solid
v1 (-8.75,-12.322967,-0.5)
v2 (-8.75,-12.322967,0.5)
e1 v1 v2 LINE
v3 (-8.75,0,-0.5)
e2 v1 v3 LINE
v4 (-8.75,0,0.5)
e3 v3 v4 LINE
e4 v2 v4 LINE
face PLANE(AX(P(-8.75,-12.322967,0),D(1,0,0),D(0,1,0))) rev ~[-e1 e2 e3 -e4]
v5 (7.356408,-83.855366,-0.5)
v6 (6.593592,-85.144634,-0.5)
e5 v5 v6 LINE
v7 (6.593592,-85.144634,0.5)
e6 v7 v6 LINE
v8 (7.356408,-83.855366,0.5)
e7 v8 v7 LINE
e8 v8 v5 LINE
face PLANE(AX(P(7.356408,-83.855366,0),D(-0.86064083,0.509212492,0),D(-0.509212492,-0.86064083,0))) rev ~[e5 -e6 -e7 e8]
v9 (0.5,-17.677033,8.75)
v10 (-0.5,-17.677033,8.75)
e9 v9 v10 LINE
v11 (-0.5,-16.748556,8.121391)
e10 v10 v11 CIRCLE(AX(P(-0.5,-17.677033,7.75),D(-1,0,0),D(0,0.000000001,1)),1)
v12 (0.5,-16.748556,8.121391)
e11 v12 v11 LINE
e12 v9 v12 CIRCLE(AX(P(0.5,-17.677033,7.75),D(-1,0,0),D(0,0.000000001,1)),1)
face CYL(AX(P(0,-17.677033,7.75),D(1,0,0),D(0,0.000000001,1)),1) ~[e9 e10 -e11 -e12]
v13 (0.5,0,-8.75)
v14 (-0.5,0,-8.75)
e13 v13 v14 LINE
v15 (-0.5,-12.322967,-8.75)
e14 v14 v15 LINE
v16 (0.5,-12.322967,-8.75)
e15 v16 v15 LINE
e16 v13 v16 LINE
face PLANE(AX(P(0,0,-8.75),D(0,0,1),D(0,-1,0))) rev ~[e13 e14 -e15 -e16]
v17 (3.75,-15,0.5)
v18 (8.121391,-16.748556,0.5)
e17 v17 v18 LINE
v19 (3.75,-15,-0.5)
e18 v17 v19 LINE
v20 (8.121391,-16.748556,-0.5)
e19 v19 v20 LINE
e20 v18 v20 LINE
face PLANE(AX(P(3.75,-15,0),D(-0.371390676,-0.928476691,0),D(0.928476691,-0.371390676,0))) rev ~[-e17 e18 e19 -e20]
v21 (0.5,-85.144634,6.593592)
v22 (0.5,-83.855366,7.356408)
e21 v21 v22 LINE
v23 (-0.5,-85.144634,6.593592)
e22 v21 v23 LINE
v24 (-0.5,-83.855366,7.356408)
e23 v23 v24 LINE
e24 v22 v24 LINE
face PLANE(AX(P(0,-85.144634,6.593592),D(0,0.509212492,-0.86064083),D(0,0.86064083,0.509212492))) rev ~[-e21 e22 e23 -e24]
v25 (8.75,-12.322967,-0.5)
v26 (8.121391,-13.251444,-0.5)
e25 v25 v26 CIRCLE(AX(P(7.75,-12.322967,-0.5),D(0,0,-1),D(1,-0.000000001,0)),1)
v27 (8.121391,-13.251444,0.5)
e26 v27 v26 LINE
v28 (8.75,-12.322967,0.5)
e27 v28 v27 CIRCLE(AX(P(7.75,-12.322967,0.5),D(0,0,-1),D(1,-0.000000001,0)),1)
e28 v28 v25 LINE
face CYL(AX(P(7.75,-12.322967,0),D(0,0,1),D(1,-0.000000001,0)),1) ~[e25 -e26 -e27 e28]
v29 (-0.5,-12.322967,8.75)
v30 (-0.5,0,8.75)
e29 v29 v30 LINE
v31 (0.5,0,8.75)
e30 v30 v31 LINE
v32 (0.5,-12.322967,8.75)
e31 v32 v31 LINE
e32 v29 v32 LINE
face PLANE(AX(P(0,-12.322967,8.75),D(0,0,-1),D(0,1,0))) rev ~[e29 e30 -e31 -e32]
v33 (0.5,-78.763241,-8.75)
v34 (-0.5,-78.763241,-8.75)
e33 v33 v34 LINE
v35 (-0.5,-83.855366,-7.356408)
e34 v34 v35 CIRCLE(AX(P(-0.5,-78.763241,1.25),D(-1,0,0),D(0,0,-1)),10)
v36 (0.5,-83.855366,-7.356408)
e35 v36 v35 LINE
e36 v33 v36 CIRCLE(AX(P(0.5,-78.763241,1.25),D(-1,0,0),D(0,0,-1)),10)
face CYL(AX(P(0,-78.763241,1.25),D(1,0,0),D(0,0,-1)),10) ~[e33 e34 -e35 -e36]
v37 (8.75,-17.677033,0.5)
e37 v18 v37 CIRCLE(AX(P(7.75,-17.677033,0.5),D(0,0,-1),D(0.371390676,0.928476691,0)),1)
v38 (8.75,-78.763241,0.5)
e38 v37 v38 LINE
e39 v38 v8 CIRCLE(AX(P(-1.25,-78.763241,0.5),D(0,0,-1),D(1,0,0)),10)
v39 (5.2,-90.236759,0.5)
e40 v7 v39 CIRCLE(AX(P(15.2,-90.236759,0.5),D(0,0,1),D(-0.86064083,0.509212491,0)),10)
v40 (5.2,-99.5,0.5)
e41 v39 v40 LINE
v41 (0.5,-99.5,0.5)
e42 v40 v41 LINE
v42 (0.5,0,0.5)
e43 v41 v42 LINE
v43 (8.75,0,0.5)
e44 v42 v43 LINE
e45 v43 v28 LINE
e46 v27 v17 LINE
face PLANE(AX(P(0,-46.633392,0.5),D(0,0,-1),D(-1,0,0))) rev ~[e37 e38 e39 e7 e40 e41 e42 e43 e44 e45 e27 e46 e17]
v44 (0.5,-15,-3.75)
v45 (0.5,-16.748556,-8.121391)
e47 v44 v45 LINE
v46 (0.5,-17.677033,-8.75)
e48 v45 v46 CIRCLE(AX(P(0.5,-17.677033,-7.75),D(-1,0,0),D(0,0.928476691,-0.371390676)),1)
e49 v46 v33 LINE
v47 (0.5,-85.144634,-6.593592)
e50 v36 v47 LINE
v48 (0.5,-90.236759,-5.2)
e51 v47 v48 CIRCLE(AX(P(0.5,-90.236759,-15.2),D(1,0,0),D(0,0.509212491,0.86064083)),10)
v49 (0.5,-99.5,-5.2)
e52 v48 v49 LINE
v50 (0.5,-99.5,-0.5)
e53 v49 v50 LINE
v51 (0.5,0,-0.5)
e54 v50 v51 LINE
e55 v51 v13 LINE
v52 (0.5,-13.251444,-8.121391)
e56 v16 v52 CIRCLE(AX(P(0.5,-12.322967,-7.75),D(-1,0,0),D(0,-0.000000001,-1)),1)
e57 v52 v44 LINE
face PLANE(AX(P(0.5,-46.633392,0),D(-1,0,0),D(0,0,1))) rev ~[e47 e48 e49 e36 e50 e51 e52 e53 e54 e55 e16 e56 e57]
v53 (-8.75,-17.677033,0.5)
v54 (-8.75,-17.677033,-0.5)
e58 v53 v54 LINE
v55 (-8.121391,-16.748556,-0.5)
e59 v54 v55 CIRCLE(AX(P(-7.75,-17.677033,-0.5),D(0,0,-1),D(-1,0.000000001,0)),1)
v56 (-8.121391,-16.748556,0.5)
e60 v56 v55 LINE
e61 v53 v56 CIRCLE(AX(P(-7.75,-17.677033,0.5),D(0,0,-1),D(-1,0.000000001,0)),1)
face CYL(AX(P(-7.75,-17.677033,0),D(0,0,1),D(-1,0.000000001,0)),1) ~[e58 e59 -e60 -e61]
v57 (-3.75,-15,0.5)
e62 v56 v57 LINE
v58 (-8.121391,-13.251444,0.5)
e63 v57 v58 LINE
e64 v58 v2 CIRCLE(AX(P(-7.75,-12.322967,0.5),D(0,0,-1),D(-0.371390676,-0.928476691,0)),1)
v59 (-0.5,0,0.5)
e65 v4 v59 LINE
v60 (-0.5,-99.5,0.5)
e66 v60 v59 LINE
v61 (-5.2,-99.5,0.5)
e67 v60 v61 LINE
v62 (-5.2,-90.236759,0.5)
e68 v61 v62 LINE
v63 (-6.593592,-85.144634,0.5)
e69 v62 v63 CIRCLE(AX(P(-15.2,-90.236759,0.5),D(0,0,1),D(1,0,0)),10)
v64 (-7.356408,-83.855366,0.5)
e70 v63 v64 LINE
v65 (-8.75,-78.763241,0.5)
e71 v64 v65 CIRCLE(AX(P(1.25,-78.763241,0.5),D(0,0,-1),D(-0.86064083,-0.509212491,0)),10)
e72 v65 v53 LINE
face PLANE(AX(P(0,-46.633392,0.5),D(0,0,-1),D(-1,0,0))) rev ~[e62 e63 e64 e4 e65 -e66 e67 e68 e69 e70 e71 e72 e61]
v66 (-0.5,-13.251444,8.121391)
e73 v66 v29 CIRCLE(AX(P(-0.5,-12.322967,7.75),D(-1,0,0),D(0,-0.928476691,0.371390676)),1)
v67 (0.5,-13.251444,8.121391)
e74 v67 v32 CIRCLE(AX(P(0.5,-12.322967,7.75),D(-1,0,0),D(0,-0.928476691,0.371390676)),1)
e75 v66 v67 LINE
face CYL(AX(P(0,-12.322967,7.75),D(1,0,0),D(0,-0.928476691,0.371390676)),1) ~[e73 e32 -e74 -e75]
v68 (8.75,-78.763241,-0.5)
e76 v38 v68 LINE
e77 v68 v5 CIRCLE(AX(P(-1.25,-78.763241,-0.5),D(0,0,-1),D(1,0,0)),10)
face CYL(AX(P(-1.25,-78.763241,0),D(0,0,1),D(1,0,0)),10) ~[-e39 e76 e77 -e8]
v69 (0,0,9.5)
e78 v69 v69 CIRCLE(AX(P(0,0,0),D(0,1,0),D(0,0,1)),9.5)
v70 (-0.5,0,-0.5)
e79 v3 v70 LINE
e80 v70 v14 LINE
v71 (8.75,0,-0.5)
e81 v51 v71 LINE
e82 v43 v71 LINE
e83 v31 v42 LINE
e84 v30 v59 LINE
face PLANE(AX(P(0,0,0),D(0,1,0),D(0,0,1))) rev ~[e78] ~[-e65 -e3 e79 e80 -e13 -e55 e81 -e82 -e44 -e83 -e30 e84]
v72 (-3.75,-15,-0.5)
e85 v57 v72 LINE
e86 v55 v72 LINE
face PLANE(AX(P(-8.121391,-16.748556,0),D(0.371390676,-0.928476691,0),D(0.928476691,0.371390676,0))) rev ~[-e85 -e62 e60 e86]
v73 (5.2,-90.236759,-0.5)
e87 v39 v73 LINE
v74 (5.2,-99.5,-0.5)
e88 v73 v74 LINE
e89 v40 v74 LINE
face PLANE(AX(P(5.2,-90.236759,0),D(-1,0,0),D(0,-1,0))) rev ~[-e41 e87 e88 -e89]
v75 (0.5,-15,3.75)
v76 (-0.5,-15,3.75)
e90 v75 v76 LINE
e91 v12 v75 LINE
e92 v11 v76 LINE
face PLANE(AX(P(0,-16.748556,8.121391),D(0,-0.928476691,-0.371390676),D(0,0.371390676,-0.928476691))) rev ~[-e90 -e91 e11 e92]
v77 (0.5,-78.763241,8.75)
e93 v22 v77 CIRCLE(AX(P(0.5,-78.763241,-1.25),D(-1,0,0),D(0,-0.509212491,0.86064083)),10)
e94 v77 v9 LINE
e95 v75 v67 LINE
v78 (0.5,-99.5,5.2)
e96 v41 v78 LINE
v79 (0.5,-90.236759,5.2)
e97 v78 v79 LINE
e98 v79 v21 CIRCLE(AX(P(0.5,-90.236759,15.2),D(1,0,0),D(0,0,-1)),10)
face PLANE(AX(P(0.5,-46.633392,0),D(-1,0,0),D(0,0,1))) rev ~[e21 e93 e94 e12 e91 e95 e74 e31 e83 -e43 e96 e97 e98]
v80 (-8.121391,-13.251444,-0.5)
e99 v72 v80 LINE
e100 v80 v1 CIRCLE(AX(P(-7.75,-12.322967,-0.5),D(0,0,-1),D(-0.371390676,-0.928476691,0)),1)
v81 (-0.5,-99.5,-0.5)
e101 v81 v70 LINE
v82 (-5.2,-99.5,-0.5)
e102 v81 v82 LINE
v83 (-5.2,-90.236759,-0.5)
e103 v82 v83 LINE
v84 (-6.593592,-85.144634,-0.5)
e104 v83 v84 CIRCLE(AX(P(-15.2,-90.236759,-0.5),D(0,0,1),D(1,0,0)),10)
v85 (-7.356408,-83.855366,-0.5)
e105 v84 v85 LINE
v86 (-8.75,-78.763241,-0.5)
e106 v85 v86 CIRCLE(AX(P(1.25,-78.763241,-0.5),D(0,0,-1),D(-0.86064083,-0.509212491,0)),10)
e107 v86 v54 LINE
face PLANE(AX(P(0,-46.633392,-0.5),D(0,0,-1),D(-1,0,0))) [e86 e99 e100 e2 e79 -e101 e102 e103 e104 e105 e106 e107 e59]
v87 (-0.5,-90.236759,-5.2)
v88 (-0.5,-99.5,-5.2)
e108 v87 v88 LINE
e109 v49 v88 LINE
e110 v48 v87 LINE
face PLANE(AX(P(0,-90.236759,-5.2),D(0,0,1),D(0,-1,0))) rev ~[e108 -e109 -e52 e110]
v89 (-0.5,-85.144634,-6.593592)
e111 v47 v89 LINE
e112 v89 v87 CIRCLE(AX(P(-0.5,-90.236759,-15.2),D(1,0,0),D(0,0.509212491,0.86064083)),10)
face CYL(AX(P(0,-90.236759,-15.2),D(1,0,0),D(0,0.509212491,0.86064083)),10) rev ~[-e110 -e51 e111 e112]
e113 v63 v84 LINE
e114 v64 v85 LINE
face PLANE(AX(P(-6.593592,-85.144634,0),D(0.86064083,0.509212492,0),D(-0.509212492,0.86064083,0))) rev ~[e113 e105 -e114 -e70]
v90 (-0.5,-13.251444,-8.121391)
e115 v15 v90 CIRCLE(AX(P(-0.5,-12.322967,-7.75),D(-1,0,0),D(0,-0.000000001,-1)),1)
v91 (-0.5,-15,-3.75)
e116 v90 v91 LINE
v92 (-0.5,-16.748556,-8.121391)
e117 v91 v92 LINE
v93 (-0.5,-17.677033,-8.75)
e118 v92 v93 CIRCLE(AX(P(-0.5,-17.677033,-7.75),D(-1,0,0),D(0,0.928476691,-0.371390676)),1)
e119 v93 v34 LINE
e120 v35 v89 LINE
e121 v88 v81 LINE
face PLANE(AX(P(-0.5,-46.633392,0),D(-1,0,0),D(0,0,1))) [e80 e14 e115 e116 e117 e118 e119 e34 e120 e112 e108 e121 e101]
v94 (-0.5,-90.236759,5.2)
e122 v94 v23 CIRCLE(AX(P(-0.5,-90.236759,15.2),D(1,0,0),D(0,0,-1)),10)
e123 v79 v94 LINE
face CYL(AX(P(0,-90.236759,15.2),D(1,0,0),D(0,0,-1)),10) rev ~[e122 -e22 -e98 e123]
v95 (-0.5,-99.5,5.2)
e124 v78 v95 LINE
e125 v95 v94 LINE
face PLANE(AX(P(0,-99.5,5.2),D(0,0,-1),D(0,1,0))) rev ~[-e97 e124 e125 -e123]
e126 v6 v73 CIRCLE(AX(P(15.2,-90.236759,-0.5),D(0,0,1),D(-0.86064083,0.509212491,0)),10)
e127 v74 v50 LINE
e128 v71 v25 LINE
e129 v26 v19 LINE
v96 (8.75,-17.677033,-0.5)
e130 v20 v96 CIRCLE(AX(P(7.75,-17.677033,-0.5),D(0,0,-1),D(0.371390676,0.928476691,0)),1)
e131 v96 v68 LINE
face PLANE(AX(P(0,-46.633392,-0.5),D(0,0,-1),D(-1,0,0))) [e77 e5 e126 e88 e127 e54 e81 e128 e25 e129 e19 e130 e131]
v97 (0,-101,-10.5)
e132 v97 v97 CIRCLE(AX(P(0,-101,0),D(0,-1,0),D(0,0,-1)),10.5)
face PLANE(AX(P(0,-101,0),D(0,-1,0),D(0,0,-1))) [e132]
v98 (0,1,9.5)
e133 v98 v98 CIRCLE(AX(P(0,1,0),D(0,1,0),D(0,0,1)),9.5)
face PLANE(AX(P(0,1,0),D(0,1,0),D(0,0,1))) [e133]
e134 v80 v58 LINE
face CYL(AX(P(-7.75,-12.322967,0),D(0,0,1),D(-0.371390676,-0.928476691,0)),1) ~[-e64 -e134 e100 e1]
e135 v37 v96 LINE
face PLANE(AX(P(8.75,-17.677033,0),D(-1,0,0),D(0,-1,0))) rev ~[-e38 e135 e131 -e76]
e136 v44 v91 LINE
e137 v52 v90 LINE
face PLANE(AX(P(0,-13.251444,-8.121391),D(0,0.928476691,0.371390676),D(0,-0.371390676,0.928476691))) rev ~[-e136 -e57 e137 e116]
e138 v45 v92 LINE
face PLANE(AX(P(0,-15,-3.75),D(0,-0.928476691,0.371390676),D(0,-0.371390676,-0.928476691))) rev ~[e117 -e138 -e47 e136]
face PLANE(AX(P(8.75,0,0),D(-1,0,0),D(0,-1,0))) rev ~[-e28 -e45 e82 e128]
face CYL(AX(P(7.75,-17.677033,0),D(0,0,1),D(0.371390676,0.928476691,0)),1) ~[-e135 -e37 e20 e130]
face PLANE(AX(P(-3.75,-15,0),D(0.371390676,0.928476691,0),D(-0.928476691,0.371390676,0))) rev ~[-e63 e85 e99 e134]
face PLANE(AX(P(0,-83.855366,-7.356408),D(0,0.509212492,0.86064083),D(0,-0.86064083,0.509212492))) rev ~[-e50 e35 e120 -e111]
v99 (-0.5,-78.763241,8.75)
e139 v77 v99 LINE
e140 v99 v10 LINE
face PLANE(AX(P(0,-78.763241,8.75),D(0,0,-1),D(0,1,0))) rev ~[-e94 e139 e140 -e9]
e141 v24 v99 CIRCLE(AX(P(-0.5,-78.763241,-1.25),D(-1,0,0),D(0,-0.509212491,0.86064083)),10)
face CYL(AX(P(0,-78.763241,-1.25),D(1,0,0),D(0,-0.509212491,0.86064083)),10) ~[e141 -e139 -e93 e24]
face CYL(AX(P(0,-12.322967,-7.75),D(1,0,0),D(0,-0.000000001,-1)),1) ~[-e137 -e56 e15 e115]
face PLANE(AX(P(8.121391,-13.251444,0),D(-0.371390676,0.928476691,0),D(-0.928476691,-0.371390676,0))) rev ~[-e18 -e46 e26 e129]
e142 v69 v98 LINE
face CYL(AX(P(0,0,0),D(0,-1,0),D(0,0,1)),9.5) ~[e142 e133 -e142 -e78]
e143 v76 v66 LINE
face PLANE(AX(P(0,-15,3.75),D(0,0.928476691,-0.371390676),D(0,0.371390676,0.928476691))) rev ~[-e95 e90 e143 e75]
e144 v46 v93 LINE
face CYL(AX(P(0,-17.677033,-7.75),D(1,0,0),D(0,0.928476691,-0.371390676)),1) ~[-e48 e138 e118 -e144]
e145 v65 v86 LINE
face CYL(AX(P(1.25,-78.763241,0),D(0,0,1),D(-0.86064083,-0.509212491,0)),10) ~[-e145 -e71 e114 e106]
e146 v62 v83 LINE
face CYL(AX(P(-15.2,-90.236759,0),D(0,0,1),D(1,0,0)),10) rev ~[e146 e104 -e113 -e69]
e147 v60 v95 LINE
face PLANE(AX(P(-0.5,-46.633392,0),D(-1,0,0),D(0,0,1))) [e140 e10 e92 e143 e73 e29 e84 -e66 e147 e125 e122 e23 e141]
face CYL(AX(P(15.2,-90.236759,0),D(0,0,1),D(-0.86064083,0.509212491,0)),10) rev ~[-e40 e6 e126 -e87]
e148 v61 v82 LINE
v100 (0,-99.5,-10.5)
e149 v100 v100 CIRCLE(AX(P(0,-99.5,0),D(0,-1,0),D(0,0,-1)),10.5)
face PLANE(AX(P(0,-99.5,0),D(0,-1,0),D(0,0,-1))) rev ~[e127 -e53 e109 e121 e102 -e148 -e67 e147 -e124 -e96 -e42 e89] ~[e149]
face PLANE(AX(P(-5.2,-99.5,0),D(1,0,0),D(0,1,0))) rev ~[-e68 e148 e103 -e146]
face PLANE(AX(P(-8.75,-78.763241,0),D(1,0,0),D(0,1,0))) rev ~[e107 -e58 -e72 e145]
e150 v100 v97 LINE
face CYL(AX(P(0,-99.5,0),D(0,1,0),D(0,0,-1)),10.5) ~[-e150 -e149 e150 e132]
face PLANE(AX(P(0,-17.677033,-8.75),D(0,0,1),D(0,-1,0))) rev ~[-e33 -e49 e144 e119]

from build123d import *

# Parameters (mm, degrees)
EXTRUDE_1_DEPTH          = 0.5
PATTERN_CIRCULAR_1_COUNT = 2
PATTERN_CIRCULAR_1_ANGLE = 90
SKETCH_3_R               = 9.5
EXTRUDE_2_DEPTH          = 1
SKETCH_4_R               = 10.5
EXTRUDE_3_DEPTH          = 1.5


with BuildPart() as part:
    # Эскиз1 → Бобышка-Вытянуть1 (new, symmetric)
    with BuildSketch(Plane.XY):
        with BuildLine():
            Line((-8.75, 0), (8.75, 0))
            Line((8.75, 0), (8.75, -12.322967039))
            ThreePointArc((8.75, -12.322967039), (8.57806723, -12.883595848), (8.121390676, -13.251443729))
            Line((8.121390676, -13.251443729), (3.75, -15))
            Line((3.75, -15), (8.121390676, -16.748556271))
            ThreePointArc((8.121390676, -16.748556271), (8.57806723, -17.116404152), (8.75, -17.677032961))
            Line((8.75, -17.677032961), (8.75, -78.763241336))
            ThreePointArc((8.75, -78.763241336), (8.395311893, -81.402930425), (7.356408303, -83.855366249))
            Line((7.356408303, -83.855366249), (6.593591697, -85.144633751))
            ThreePointArc((6.593591697, -85.144633751), (5.554688107, -87.597069575), (5.2, -90.236758664))
            Line((5.2, -90.236758664), (5.2, -99.5))
            Line((5.2, -99.5), (-5.2, -99.5))
            Line((-5.2, -99.5), (-5.2, -90.236758664))
            ThreePointArc((-5.2, -90.236758664), (-5.554688107, -87.597069575), (-6.593591697, -85.144633751))
            Line((-6.593591697, -85.144633751), (-7.356408303, -83.855366249))
            ThreePointArc((-7.356408303, -83.855366249), (-8.395311893, -81.402930425), (-8.75, -78.763241336))
            Line((-8.75, -78.763241336), (-8.75, -17.677032961))
            ThreePointArc((-8.75, -17.677032961), (-8.57806723, -17.116404152), (-8.121390676, -16.748556271))
            Line((-8.121390676, -16.748556271), (-3.75, -15))
            Line((-3.75, -15), (-8.121390676, -13.251443729))
            ThreePointArc((-8.121390676, -13.251443729), (-8.57806723, -12.883595848), (-8.75, -12.322967039))
            Line((-8.75, -12.322967039), (-8.75, 0))
        make_face()
    extrude_1 = extrude(amount=EXTRUDE_1_DEPTH, both=True)

    # Круговой массив1: Бобышка-Вытянуть1 ×2 about axis
    pattern_circular_1_axis = Axis((0, 0, 0), (0, 1, 0))
    for i in range(1, PATTERN_CIRCULAR_1_COUNT):
        add(extrude_1.rotate(pattern_circular_1_axis, i * PATTERN_CIRCULAR_1_ANGLE / (PATTERN_CIRCULAR_1_COUNT - 1)))

    # Эскиз3 → Бобышка-Вытянуть2 (add)
    with BuildSketch(Plane(origin=(0, 0, 0), x_dir=(1, 0, 0), z_dir=(0, 1, 0))):
        with Locations(Location((0, 0, 0), (0, 0, 270))):
            Circle(SKETCH_3_R)
    extrude(amount=EXTRUDE_2_DEPTH)

    # Эскиз4 → Бобышка-Вытянуть3 (add)
    with BuildSketch(Plane.XZ.offset(99.5)):
        with Locations(Location((0, 0, 0), (0, 0, 270))):
            Circle(SKETCH_4_R)
    extrude(amount=EXTRUDE_3_DEPTH)


solid = part.part
